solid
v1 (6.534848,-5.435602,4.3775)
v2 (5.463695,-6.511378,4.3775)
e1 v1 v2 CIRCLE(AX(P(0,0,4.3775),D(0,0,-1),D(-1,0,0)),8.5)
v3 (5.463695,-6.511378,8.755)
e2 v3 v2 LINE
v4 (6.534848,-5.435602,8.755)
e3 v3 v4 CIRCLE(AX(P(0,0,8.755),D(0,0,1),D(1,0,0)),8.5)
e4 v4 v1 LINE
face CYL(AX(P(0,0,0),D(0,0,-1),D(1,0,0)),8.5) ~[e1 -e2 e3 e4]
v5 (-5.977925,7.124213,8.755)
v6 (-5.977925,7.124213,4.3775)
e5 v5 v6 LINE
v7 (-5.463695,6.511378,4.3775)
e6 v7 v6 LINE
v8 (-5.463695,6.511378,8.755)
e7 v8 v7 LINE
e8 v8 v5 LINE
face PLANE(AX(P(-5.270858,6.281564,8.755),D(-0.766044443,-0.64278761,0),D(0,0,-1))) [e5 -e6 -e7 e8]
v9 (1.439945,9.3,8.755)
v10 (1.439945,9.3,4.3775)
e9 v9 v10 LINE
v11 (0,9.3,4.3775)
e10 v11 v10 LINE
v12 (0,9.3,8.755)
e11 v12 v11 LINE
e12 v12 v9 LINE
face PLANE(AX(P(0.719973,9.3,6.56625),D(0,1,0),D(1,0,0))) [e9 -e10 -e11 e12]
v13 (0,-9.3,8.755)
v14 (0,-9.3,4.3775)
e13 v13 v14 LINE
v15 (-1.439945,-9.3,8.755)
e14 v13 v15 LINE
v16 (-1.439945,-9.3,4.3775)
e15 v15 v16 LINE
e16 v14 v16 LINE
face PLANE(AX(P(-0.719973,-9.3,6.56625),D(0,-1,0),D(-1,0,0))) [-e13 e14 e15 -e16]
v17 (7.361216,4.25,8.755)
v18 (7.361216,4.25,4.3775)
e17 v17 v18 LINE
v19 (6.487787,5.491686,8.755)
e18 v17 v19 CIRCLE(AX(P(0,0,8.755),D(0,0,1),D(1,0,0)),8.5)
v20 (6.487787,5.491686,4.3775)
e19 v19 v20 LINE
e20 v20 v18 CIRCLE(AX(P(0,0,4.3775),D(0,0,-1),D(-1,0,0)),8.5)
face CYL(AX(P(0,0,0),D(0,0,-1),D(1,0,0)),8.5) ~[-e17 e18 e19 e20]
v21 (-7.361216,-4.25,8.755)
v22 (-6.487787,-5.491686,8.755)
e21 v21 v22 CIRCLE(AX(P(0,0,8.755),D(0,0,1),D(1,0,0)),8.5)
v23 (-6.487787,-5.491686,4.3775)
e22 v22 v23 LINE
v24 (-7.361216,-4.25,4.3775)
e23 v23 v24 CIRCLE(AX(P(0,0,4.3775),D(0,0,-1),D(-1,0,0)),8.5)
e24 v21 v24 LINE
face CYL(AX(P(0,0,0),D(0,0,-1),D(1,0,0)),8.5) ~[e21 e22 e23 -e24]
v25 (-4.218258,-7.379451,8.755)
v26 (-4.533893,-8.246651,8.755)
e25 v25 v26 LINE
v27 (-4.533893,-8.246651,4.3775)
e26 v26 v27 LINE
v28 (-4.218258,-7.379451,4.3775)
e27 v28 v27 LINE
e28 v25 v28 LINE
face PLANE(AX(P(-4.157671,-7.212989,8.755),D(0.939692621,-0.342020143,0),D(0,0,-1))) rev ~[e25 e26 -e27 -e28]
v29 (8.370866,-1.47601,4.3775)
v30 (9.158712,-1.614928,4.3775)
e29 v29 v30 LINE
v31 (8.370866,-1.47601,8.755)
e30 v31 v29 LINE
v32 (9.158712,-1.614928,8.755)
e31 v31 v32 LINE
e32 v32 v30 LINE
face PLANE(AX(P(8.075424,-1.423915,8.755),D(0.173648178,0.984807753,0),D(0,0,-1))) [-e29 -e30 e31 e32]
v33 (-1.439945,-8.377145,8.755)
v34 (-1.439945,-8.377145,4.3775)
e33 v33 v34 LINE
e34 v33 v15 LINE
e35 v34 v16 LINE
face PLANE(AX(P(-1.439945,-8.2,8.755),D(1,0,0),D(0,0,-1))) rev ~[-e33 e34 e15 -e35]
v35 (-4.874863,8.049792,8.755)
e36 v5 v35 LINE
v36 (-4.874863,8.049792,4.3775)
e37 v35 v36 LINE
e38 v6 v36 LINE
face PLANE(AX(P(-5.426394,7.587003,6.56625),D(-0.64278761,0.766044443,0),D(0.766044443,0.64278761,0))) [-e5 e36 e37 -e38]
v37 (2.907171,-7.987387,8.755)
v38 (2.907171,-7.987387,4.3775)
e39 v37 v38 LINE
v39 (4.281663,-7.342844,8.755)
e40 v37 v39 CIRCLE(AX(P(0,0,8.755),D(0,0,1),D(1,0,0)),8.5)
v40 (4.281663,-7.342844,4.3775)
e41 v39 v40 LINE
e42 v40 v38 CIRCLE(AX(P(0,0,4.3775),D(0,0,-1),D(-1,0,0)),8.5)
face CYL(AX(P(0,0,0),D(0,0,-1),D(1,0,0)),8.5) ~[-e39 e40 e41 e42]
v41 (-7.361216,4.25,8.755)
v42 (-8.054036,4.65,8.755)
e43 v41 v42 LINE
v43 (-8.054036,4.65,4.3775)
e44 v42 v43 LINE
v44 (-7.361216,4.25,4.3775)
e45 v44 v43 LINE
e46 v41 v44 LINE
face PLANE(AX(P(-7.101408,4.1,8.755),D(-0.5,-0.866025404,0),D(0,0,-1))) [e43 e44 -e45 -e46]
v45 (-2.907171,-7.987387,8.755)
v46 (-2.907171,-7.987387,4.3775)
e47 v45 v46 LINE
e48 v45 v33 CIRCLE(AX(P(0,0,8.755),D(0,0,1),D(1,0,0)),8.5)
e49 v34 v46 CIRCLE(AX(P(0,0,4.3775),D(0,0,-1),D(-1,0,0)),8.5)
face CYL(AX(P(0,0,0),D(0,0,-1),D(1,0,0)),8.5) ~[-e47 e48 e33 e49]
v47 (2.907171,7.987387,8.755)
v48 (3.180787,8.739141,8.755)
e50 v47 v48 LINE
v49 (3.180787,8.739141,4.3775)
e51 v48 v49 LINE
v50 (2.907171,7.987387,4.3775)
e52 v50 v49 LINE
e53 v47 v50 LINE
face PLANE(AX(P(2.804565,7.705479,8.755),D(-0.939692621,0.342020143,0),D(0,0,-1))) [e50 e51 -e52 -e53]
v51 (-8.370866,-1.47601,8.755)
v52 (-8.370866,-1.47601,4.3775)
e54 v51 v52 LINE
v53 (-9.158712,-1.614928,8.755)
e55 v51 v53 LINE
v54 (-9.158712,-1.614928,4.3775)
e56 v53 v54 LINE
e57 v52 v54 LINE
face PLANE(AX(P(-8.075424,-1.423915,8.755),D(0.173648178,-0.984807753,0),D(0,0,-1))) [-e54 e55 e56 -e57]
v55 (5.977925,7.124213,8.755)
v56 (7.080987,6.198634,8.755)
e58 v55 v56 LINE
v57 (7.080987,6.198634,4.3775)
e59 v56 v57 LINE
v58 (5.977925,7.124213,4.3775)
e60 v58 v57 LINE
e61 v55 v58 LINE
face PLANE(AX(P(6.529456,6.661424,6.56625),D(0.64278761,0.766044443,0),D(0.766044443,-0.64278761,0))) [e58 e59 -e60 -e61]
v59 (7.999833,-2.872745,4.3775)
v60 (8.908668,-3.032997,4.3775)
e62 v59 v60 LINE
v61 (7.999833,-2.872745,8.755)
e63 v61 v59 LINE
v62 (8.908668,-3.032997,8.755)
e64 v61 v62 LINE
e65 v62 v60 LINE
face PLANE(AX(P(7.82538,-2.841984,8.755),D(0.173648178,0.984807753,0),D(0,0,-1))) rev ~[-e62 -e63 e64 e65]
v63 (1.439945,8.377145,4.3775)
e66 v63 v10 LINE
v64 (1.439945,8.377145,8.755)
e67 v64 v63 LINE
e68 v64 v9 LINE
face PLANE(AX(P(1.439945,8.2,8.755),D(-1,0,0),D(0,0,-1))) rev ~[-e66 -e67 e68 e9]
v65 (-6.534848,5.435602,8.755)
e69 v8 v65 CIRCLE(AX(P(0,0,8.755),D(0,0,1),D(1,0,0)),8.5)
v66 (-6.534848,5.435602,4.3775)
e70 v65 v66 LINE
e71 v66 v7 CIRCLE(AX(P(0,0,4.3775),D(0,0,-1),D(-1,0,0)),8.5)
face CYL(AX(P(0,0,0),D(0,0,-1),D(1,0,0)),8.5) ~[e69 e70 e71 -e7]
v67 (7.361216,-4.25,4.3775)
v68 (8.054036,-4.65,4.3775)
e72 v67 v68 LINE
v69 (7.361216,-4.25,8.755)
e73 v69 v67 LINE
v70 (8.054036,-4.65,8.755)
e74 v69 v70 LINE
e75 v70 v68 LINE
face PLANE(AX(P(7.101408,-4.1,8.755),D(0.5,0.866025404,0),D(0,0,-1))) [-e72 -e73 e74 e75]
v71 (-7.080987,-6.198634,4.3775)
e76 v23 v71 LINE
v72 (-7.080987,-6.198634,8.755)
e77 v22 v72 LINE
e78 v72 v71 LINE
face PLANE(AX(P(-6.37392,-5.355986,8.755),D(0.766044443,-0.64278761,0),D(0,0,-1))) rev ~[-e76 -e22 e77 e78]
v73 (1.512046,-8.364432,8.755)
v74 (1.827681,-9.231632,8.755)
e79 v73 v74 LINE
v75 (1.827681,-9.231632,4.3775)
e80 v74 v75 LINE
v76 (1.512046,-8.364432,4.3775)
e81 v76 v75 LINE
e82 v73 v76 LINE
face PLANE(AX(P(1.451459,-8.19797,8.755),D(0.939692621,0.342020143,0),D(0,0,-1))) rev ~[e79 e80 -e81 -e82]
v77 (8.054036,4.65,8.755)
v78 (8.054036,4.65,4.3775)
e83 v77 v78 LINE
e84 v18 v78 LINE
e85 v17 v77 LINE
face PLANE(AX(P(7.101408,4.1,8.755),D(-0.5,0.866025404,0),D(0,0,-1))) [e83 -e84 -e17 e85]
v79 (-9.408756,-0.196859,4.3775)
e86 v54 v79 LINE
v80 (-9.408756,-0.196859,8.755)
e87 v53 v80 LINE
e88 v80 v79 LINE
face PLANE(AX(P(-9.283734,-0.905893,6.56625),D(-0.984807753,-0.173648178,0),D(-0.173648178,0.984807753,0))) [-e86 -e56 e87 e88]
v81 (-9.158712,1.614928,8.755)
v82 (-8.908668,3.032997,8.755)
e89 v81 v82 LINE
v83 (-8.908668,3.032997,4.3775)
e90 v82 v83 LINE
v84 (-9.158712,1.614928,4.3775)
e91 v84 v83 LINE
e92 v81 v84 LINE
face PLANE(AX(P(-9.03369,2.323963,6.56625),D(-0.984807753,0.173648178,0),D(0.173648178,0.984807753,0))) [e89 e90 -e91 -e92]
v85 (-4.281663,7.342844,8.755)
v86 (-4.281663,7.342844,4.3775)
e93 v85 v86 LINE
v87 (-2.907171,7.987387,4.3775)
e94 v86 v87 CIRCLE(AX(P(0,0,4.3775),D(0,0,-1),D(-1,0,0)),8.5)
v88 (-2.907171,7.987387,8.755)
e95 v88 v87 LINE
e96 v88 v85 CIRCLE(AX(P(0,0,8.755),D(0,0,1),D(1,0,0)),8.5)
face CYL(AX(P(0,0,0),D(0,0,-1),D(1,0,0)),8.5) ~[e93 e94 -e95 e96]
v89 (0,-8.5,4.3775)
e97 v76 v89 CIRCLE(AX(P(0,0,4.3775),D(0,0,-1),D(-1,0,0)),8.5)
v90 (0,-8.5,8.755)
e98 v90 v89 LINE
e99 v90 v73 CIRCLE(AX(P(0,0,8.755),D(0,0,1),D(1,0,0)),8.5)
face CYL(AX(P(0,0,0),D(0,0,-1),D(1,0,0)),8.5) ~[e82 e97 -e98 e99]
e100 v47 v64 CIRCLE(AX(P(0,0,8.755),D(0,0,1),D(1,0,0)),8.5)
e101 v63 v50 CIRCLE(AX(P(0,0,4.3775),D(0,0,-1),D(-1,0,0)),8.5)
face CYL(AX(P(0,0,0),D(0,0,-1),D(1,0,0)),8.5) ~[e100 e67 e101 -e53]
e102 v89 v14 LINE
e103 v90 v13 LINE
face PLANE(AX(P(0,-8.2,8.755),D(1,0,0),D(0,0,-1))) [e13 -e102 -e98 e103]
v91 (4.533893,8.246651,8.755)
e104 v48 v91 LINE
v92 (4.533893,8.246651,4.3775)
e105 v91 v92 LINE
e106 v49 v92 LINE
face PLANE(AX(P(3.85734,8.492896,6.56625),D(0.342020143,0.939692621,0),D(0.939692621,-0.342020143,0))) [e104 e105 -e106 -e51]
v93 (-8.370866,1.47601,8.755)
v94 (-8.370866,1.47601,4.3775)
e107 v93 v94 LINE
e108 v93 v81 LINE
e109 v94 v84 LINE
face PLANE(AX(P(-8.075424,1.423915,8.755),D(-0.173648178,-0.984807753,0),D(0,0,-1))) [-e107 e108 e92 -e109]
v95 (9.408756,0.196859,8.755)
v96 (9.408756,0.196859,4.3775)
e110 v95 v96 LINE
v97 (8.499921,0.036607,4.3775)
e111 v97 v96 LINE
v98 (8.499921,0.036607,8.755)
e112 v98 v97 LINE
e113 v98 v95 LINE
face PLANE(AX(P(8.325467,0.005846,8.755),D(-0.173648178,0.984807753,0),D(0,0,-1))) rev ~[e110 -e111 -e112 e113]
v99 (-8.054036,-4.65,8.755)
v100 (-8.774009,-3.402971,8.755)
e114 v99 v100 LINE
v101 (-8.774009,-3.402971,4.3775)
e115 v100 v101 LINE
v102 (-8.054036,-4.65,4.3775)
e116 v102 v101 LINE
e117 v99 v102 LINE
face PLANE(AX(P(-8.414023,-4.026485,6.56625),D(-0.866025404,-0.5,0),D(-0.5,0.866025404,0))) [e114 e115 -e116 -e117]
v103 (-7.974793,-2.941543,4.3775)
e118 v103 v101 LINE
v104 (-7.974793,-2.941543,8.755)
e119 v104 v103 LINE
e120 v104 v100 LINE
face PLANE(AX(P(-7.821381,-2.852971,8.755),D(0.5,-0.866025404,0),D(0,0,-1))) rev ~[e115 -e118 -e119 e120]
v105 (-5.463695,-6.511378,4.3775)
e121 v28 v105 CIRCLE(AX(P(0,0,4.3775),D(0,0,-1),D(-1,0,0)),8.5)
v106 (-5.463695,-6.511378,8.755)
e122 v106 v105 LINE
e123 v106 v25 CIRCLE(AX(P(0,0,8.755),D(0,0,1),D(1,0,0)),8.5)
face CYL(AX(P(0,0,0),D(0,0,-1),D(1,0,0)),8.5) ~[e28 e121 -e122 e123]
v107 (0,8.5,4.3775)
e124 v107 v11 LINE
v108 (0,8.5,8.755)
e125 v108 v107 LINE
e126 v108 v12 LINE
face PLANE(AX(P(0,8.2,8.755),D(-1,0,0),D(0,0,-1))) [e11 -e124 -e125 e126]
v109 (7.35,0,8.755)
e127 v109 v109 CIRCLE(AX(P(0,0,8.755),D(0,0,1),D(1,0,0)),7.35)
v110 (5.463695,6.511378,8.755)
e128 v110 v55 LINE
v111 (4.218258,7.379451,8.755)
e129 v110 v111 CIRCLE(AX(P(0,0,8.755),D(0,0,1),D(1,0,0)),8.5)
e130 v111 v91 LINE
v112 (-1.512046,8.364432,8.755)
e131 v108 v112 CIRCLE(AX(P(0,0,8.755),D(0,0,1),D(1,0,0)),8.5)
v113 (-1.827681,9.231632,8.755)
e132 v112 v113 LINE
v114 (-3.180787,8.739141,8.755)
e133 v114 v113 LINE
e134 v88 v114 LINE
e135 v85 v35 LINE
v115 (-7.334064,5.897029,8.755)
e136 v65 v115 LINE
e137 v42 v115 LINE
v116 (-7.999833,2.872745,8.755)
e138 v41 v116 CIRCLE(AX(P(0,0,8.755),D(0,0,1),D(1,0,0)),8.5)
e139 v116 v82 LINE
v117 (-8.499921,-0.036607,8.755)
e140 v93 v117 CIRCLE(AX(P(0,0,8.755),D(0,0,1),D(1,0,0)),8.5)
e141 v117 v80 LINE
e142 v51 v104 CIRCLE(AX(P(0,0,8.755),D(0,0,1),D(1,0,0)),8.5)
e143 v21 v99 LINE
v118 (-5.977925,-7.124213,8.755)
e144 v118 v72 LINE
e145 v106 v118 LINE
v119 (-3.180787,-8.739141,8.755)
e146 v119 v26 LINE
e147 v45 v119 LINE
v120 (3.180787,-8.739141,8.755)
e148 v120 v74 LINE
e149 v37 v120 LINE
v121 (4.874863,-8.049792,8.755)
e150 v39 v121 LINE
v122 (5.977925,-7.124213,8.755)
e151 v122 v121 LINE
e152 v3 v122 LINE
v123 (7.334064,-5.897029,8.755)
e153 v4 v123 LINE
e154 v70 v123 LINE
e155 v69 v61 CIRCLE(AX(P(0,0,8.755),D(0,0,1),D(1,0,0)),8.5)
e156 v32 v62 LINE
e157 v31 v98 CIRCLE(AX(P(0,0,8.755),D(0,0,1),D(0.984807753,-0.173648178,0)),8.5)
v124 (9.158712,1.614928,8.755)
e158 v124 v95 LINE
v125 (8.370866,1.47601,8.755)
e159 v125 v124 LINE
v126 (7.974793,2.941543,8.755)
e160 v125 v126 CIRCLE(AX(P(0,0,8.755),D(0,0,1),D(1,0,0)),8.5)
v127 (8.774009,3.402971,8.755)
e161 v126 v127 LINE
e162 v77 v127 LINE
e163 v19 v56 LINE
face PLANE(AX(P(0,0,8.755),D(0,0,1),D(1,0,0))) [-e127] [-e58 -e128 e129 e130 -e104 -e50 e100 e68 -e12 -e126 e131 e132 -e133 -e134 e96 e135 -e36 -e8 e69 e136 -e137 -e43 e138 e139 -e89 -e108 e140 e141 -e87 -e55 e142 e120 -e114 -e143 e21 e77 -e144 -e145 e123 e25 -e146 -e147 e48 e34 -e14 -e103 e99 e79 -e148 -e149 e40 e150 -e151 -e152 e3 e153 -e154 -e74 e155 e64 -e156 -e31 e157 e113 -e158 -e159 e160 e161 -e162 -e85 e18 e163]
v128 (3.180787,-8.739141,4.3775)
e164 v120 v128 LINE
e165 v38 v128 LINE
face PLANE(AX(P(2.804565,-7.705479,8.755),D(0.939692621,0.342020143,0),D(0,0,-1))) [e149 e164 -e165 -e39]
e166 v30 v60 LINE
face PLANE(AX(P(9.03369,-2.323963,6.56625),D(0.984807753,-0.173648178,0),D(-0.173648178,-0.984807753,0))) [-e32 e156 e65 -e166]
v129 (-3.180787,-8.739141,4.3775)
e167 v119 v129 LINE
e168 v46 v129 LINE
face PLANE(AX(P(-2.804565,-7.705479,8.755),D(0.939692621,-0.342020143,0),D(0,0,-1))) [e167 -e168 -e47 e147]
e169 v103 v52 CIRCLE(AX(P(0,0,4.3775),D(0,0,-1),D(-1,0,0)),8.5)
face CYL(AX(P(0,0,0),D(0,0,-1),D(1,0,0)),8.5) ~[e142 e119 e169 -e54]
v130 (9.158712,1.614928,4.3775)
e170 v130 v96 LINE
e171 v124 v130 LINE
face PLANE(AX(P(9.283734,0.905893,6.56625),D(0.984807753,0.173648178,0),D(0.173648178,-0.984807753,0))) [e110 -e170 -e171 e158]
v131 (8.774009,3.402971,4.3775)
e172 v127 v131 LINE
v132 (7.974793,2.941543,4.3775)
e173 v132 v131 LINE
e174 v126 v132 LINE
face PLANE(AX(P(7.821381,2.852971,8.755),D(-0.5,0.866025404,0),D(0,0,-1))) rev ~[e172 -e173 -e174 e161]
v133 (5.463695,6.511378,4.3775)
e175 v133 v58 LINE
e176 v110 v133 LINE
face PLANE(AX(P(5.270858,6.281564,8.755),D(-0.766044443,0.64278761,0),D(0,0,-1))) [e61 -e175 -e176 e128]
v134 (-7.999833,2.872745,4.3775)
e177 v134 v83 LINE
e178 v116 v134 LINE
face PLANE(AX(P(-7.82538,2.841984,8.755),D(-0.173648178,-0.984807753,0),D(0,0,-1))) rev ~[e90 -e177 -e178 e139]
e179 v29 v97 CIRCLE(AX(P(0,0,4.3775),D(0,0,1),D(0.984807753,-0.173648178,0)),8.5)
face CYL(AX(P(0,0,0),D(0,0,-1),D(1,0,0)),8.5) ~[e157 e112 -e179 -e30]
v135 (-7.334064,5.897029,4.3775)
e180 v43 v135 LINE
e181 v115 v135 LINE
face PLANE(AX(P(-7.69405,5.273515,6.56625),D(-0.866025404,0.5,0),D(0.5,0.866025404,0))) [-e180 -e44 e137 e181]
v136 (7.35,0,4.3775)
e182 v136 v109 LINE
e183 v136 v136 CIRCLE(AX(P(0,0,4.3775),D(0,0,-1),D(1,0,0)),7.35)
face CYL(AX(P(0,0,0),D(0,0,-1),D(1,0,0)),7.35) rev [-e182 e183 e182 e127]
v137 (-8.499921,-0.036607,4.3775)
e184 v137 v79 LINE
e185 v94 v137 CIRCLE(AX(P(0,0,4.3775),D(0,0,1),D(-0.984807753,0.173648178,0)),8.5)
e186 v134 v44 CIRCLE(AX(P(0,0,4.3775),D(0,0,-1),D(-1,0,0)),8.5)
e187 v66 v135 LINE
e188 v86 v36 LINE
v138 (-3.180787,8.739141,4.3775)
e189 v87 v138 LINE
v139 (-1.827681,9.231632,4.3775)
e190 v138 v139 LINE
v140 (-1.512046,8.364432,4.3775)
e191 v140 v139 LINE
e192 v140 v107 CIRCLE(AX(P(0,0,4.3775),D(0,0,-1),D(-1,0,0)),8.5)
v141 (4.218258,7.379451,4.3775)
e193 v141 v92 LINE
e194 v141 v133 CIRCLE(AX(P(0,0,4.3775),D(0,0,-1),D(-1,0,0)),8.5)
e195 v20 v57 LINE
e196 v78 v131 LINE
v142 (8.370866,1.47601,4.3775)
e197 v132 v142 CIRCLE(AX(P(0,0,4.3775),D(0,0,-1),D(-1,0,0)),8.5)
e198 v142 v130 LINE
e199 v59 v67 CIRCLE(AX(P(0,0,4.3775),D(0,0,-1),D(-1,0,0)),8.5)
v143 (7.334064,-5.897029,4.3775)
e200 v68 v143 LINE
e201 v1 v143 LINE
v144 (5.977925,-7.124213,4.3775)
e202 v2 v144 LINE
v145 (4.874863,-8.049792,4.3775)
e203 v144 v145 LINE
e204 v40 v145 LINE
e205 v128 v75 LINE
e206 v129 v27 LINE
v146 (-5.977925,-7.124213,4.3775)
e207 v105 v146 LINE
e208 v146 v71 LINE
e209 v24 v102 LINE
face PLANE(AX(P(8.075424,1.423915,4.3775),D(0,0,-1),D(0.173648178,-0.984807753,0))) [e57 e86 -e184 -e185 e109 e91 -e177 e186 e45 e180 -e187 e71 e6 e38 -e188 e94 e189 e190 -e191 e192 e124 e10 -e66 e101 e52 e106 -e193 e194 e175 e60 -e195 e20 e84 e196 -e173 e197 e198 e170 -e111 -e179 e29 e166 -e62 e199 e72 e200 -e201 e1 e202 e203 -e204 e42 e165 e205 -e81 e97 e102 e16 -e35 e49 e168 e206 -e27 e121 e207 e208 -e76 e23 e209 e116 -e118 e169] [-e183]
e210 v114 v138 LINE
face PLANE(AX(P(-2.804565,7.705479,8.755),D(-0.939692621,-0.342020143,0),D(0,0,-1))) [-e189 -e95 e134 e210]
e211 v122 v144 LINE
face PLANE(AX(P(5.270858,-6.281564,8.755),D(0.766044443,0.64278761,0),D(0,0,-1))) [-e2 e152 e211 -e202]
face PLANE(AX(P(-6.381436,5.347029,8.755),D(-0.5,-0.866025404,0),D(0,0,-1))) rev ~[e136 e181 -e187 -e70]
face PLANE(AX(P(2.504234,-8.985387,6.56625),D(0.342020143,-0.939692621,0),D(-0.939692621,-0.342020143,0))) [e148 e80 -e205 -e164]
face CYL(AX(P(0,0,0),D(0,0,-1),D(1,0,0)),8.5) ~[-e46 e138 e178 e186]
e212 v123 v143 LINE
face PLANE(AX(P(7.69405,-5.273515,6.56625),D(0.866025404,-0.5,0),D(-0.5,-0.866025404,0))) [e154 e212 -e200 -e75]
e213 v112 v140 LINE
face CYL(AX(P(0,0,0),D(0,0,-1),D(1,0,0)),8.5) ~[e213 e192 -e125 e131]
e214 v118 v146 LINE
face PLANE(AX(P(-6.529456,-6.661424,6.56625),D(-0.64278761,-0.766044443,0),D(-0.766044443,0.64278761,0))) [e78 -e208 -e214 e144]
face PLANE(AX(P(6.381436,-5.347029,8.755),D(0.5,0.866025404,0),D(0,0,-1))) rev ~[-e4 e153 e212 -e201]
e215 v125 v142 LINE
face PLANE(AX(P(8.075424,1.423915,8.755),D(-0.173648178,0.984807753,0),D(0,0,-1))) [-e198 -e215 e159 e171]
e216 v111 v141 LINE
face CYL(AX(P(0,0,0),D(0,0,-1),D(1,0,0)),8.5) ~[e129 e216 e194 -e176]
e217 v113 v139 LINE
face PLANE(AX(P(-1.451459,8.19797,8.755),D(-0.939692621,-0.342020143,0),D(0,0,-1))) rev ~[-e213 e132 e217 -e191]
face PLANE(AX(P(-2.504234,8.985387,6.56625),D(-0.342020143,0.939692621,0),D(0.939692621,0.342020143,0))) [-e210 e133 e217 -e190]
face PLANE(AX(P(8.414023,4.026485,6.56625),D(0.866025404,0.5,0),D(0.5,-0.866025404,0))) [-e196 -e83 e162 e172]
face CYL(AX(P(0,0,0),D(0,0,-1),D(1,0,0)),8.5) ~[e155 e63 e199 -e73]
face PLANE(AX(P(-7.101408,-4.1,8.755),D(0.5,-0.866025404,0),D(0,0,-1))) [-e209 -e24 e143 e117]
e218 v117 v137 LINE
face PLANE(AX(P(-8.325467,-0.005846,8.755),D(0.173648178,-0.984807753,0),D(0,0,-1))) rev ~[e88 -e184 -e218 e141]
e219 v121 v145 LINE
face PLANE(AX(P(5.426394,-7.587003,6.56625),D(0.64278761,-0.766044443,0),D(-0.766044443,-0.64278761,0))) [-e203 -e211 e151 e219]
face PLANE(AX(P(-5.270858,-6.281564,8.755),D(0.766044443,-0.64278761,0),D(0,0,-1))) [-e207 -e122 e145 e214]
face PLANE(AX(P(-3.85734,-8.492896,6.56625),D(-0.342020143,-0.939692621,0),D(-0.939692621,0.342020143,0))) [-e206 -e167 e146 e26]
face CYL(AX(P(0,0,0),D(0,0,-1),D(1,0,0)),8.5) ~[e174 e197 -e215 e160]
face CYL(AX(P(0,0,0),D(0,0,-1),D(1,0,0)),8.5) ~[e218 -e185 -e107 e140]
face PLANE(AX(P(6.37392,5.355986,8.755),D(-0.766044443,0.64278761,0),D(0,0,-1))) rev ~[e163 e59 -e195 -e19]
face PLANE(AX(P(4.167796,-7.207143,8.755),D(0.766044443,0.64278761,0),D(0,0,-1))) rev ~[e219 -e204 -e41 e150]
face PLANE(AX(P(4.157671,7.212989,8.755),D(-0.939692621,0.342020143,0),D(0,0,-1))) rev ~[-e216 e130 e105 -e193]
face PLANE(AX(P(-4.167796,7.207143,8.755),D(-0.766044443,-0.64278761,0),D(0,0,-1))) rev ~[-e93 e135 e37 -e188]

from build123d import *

# Parameters (mm, degrees)
SKETCH1_R           = 8.5
SKETCH1_R_2         = 7.35
BOSS_EXTRUDE3_DEPTH = 8.755
BOSS_EXTRUDE5_START = -0.3
SKETCH3_W           = 1.43994518
SKETCH3_H           = 4.3775
BOSS_EXTRUDE5_DEPTH = 1.1
CIRPATTERN1_COUNT   = 18
SKETCH6_R           = 8.5
CUT_EXTRUDE1_DEPTH  = 4.3775


with BuildPart() as part:
    # Sketch1 → Boss-Extrude3 (new body)
    with BuildSketch(Plane.XY):
        Circle(SKETCH1_R)
        Circle(SKETCH1_R_2, mode=Mode.SUBTRACT)
    extrude(amount=BOSS_EXTRUDE3_DEPTH)

    # Sketch3 → Boss-Extrude5 (add)
    with BuildSketch(Plane(origin=(0, 8.5, 0), x_dir=(1, 0, 0), z_dir=(0, 1, 0)).offset(BOSS_EXTRUDE5_START)):
        with Locations((0.71997259, -6.56625)):
            Rectangle(SKETCH3_W, SKETCH3_H)
    boss_extrude5 = extrude(amount=BOSS_EXTRUDE5_DEPTH)

    # CirPattern1: Boss-Extrude5 ×18 about axis
    cirpattern1_axis = Axis((0, 0, 0), (0, 0, 1))
    for i in range(1, CIRPATTERN1_COUNT):
        add(boss_extrude5.rotate(cirpattern1_axis, i * 360 / CIRPATTERN1_COUNT))

    # Sketch6 → Cut-Extrude1 (cut)
    with BuildSketch(Plane(origin=(0, 0, 0), x_dir=(-1, 0, 0), z_dir=(0, 0, -1))):
        Circle(SKETCH6_R)
    extrude(amount=-CUT_EXTRUDE1_DEPTH, mode=Mode.SUBTRACT)


solid = part.part
